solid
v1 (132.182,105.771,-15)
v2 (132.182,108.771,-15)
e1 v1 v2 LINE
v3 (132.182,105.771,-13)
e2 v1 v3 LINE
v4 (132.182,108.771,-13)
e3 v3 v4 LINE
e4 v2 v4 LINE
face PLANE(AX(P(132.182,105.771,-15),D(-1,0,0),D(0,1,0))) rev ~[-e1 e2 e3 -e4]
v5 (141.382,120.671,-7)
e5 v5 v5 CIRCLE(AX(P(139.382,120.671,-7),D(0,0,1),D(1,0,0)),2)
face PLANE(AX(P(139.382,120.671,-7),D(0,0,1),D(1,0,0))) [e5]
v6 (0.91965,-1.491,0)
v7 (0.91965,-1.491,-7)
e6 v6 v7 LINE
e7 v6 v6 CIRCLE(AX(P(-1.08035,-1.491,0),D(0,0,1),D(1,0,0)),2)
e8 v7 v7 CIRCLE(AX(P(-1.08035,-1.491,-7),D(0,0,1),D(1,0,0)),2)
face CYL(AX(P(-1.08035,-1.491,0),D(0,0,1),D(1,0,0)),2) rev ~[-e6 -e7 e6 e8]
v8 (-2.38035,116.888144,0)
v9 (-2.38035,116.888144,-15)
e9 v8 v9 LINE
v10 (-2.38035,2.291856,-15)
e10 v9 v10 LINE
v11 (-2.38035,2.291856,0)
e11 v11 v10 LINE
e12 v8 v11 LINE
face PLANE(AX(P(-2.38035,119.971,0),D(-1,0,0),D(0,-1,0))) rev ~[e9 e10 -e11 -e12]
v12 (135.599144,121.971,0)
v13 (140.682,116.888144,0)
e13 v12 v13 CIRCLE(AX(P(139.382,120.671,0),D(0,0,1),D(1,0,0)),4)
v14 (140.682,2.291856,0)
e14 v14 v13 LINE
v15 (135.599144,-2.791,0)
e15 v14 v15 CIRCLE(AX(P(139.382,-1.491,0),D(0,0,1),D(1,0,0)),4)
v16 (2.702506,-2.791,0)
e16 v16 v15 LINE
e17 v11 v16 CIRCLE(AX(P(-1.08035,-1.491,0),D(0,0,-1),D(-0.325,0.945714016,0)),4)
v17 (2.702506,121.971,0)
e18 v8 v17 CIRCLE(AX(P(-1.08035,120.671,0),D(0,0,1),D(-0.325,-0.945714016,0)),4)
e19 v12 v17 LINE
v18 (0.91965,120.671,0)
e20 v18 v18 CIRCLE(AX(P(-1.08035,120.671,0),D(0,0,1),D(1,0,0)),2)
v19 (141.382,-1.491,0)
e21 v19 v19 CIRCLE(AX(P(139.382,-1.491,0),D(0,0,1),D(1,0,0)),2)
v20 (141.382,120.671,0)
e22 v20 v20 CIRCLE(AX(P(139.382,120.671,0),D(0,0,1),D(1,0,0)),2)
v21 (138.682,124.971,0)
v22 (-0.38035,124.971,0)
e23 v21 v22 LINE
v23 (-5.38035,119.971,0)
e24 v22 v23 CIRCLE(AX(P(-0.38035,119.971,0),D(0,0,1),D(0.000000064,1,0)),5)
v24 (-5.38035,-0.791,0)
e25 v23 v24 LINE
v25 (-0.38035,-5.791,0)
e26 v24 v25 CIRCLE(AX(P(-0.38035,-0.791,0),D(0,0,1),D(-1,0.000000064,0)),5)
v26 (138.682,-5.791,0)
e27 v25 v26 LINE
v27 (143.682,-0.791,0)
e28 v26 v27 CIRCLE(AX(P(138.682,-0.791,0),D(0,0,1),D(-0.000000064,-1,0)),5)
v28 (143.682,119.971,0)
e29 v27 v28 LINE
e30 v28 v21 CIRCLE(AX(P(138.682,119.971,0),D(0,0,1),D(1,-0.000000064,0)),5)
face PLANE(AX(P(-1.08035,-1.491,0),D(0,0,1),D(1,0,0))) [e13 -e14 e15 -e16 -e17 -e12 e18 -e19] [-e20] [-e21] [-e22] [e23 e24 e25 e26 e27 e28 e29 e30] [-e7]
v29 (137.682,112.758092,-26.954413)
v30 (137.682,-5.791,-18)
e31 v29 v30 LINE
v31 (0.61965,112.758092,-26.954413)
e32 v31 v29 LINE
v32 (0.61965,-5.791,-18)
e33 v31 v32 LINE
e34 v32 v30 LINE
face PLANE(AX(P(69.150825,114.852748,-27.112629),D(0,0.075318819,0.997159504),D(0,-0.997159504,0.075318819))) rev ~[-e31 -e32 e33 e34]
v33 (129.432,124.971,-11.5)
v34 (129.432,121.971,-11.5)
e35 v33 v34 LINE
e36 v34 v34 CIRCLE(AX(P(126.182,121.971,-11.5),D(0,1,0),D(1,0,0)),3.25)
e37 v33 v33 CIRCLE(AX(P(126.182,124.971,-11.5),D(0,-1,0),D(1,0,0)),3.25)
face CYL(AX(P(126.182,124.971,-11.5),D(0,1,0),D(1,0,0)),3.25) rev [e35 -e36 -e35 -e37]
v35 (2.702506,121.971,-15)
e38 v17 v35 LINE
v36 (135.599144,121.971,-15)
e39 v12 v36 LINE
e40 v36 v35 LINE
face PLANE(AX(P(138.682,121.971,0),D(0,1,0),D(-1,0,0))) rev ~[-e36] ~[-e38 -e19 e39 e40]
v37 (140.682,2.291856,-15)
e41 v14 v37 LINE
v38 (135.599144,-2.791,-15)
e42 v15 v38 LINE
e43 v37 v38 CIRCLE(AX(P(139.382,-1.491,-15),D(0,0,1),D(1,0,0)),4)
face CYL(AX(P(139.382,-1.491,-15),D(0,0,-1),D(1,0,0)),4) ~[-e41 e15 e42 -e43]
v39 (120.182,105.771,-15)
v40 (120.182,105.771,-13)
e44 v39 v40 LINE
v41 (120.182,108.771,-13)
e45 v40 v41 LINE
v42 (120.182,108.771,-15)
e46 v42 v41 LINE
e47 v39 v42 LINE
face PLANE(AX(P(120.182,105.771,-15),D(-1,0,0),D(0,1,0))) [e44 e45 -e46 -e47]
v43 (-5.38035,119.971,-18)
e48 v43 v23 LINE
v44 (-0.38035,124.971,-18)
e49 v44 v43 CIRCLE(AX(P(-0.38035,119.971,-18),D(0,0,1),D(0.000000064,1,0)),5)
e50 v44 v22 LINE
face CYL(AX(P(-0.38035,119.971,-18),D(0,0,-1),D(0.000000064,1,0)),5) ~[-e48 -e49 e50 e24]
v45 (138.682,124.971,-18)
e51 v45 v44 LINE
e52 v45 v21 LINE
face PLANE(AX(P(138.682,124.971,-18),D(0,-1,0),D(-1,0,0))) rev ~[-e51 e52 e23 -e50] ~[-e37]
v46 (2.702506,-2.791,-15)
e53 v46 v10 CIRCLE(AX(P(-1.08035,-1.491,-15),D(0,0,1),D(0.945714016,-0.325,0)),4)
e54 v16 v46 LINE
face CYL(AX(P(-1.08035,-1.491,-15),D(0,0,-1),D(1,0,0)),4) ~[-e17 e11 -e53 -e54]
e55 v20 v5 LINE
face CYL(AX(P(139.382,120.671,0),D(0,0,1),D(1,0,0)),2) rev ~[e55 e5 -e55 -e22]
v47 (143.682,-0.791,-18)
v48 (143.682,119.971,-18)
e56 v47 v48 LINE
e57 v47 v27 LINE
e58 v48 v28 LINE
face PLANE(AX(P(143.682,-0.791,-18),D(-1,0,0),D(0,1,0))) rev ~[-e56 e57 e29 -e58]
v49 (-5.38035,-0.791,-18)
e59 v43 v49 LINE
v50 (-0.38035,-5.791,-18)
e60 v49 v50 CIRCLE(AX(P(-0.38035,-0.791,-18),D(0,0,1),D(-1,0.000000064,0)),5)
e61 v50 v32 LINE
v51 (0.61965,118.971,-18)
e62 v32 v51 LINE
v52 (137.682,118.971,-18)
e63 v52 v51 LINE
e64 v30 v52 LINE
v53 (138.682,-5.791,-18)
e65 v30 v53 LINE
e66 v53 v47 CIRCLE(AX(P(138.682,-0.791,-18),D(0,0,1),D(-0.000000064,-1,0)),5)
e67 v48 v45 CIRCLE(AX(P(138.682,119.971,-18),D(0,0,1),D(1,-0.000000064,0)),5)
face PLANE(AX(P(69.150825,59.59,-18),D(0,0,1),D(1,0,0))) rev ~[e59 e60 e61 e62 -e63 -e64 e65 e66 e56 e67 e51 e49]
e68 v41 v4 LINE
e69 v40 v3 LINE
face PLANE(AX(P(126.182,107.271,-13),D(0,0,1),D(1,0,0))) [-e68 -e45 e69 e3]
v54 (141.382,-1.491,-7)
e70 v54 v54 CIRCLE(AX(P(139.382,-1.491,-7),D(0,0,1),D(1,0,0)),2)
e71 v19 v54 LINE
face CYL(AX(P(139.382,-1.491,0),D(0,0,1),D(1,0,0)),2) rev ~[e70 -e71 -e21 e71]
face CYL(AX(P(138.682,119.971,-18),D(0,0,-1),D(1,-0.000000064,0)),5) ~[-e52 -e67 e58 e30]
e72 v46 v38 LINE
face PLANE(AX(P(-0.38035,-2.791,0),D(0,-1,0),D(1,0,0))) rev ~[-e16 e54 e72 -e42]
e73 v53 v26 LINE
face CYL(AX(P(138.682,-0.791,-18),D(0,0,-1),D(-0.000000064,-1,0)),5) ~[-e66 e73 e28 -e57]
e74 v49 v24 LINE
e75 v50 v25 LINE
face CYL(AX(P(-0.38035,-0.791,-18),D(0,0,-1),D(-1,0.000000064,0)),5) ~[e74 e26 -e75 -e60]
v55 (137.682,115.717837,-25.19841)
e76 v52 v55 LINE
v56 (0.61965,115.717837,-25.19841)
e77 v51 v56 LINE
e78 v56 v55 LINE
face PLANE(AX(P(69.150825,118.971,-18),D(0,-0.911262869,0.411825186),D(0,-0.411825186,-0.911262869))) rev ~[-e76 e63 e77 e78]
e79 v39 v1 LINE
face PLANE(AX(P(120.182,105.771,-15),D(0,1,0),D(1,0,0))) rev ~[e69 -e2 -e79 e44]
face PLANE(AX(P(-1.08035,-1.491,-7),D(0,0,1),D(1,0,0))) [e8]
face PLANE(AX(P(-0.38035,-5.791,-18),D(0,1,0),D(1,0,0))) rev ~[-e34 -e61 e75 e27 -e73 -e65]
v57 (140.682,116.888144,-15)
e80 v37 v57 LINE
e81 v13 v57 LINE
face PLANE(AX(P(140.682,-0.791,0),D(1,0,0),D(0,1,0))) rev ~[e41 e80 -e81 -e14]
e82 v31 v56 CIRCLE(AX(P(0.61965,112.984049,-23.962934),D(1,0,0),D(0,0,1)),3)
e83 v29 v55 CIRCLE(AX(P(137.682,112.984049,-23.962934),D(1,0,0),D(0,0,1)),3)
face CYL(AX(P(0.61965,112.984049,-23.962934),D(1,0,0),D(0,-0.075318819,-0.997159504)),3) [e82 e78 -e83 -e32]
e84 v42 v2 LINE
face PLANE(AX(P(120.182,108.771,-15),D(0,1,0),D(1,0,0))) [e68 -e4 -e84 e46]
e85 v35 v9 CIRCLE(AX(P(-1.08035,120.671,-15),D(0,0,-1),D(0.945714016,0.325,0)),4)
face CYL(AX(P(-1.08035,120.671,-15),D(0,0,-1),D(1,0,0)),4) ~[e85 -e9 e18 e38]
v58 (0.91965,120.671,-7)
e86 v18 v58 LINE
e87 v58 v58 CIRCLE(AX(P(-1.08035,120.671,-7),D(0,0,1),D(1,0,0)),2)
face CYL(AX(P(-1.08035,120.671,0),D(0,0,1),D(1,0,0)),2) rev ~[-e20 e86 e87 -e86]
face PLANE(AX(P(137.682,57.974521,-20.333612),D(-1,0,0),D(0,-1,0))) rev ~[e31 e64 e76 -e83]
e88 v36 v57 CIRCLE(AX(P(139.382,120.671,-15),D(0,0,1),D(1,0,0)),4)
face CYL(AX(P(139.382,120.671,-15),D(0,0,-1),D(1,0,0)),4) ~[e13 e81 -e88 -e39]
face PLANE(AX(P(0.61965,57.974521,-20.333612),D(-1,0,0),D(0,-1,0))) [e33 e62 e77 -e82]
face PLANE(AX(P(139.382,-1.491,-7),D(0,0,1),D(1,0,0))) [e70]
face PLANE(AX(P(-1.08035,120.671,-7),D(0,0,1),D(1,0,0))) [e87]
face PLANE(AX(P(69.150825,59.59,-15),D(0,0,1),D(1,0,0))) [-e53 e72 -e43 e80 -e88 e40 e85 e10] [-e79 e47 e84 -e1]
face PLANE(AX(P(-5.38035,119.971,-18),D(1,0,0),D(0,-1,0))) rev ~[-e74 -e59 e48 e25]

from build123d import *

# Parameters (mm, degrees)
LEFT_BODY_PAD_DEPTH            = 18
LEFT_BODY_CAVITY_POCKET_DEPTH  = 15
LEFT_BODY_BOSSES_R             = 4
LEFT_BODY_BOSS_PAD_DEPTH       = 15
LEFT_BODY_INSERT_HOLES_R       = 2
LEFT_BODY_INSERT_POCKETS_DEPTH = 7
LEFT_BODY_REST_PAD_DEPTH       = 68.531175
LEFT_BODY_REST_FILLET_R        = 3
LEFT_JACK_HOLE_R               = 3.25
LEFT_JACK_HOLE_POCKET_DEPTH    = 3.2
LEFT_JACK_STOP_W               = 12
LEFT_JACK_STOP_H               = 3
LEFT_JACK_STOP_PAD_DEPTH       = 2


with BuildPart() as part:
    # Left_Body_Outline → Left_Body_Pad (new body)
    with BuildSketch(Plane.XY.offset(-18)):
        with BuildLine():
            Line((-0.38035, -5.791), (138.682, -5.791))
            ThreePointArc((138.682, -5.791), (142.217534, -4.326534), (143.682, -0.791))
            Line((143.682, -0.791), (143.682, 119.971))
            ThreePointArc((143.682, 119.971), (142.217534, 123.506534), (138.682, 124.971))
            Line((138.682, 124.971), (-0.38035, 124.971))
            ThreePointArc((-0.38035, 124.971), (-3.915884, 123.506534), (-5.38035, 119.971))
            Line((-5.38035, 119.971), (-5.38035, -0.791))
            ThreePointArc((-5.38035, -0.791), (-3.915884, -4.326534), (-0.38035, -5.791))
        make_face()
    extrude(amount=LEFT_BODY_PAD_DEPTH)

    # Left_Body_Cavity → Left_Body_Cavity_Pocket (cut)
    with BuildSketch(Plane.XY):
        with BuildLine():
            Line((-0.38035, -2.791), (138.682, -2.791))
            ThreePointArc((138.682, -2.791), (140.096214, -2.205214), (140.682, -0.791))
            Line((140.682, -0.791), (140.682, 119.971))
            ThreePointArc((140.682, 119.971), (140.096214, 121.385214), (138.682, 121.971))
            Line((138.682, 121.971), (-0.38035, 121.971))
            ThreePointArc((-0.38035, 121.971), (-1.794564, 121.385214), (-2.38035, 119.971))
            Line((-2.38035, 119.971), (-2.38035, -0.791))
            ThreePointArc((-2.38035, -0.791), (-1.794564, -2.205214), (-0.38035, -2.791))
        make_face()
    extrude(amount=-LEFT_BODY_CAVITY_POCKET_DEPTH, mode=Mode.SUBTRACT)

    # Left_Body_Bosses → Left_Body_Boss_Pad (join)
    with BuildSketch(Plane.XY.offset(-15)):
        with Locations((-1.08035, -1.491)):
            Circle(LEFT_BODY_BOSSES_R)
        with Locations((139.382, -1.491)):
            Circle(LEFT_BODY_BOSSES_R)
        with Locations((-1.08035, 120.671)):
            Circle(LEFT_BODY_BOSSES_R)
        with Locations((139.382, 120.671)):
            Circle(LEFT_BODY_BOSSES_R)
    extrude(amount=LEFT_BODY_BOSS_PAD_DEPTH)

    # Left_Body_Insert_Holes → Left_Body_Insert_Pockets (cut)
    with BuildSketch(Plane.XY):
        with Locations((-1.08035, -1.491)):
            Circle(LEFT_BODY_INSERT_HOLES_R)
        with Locations((139.382, -1.491)):
            Circle(LEFT_BODY_INSERT_HOLES_R)
        with Locations((-1.08035, 120.671)):
            Circle(LEFT_BODY_INSERT_HOLES_R)
        with Locations((139.382, 120.671)):
            Circle(LEFT_BODY_INSERT_HOLES_R)
    extrude(amount=-LEFT_BODY_INSERT_POCKETS_DEPTH, mode=Mode.SUBTRACT)

    # Left_Body_Rest → Left_Body_Rest_Pad (join, symmetric)
    with BuildSketch(Plane.YZ.offset(69.150825)):
        Polygon((-5.791, -18), (118.971, -18), (114.852748, -27.112629), align=None)
    extrude(amount=LEFT_BODY_REST_PAD_DEPTH, both=True)

    # Left_Body_Rest_Fillet
    left_body_rest_fillet_edges = [part.edges().sort_by_distance(p)[0] for p in [
        (69.150825, 114.852748, -27.112629),
    ]]
    fillet(left_body_rest_fillet_edges, radius=LEFT_BODY_REST_FILLET_R)

    # Left_Jack_Hole → Left_Jack_Hole_Pocket (cut)
    with BuildSketch(Plane.XZ.offset(-124.971)):
        with Locations((126.182, -11.5)):
            Circle(LEFT_JACK_HOLE_R)
    extrude(amount=LEFT_JACK_HOLE_POCKET_DEPTH, mode=Mode.SUBTRACT)

    # Left_Jack_Stop → Left_Jack_Stop_Pad (join)
    with BuildSketch(Plane.XY.offset(-15)):
        with Locations((126.182, 107.271)):
            Rectangle(LEFT_JACK_STOP_W, LEFT_JACK_STOP_H)
    extrude(amount=LEFT_JACK_STOP_PAD_DEPTH)


solid = part.part
